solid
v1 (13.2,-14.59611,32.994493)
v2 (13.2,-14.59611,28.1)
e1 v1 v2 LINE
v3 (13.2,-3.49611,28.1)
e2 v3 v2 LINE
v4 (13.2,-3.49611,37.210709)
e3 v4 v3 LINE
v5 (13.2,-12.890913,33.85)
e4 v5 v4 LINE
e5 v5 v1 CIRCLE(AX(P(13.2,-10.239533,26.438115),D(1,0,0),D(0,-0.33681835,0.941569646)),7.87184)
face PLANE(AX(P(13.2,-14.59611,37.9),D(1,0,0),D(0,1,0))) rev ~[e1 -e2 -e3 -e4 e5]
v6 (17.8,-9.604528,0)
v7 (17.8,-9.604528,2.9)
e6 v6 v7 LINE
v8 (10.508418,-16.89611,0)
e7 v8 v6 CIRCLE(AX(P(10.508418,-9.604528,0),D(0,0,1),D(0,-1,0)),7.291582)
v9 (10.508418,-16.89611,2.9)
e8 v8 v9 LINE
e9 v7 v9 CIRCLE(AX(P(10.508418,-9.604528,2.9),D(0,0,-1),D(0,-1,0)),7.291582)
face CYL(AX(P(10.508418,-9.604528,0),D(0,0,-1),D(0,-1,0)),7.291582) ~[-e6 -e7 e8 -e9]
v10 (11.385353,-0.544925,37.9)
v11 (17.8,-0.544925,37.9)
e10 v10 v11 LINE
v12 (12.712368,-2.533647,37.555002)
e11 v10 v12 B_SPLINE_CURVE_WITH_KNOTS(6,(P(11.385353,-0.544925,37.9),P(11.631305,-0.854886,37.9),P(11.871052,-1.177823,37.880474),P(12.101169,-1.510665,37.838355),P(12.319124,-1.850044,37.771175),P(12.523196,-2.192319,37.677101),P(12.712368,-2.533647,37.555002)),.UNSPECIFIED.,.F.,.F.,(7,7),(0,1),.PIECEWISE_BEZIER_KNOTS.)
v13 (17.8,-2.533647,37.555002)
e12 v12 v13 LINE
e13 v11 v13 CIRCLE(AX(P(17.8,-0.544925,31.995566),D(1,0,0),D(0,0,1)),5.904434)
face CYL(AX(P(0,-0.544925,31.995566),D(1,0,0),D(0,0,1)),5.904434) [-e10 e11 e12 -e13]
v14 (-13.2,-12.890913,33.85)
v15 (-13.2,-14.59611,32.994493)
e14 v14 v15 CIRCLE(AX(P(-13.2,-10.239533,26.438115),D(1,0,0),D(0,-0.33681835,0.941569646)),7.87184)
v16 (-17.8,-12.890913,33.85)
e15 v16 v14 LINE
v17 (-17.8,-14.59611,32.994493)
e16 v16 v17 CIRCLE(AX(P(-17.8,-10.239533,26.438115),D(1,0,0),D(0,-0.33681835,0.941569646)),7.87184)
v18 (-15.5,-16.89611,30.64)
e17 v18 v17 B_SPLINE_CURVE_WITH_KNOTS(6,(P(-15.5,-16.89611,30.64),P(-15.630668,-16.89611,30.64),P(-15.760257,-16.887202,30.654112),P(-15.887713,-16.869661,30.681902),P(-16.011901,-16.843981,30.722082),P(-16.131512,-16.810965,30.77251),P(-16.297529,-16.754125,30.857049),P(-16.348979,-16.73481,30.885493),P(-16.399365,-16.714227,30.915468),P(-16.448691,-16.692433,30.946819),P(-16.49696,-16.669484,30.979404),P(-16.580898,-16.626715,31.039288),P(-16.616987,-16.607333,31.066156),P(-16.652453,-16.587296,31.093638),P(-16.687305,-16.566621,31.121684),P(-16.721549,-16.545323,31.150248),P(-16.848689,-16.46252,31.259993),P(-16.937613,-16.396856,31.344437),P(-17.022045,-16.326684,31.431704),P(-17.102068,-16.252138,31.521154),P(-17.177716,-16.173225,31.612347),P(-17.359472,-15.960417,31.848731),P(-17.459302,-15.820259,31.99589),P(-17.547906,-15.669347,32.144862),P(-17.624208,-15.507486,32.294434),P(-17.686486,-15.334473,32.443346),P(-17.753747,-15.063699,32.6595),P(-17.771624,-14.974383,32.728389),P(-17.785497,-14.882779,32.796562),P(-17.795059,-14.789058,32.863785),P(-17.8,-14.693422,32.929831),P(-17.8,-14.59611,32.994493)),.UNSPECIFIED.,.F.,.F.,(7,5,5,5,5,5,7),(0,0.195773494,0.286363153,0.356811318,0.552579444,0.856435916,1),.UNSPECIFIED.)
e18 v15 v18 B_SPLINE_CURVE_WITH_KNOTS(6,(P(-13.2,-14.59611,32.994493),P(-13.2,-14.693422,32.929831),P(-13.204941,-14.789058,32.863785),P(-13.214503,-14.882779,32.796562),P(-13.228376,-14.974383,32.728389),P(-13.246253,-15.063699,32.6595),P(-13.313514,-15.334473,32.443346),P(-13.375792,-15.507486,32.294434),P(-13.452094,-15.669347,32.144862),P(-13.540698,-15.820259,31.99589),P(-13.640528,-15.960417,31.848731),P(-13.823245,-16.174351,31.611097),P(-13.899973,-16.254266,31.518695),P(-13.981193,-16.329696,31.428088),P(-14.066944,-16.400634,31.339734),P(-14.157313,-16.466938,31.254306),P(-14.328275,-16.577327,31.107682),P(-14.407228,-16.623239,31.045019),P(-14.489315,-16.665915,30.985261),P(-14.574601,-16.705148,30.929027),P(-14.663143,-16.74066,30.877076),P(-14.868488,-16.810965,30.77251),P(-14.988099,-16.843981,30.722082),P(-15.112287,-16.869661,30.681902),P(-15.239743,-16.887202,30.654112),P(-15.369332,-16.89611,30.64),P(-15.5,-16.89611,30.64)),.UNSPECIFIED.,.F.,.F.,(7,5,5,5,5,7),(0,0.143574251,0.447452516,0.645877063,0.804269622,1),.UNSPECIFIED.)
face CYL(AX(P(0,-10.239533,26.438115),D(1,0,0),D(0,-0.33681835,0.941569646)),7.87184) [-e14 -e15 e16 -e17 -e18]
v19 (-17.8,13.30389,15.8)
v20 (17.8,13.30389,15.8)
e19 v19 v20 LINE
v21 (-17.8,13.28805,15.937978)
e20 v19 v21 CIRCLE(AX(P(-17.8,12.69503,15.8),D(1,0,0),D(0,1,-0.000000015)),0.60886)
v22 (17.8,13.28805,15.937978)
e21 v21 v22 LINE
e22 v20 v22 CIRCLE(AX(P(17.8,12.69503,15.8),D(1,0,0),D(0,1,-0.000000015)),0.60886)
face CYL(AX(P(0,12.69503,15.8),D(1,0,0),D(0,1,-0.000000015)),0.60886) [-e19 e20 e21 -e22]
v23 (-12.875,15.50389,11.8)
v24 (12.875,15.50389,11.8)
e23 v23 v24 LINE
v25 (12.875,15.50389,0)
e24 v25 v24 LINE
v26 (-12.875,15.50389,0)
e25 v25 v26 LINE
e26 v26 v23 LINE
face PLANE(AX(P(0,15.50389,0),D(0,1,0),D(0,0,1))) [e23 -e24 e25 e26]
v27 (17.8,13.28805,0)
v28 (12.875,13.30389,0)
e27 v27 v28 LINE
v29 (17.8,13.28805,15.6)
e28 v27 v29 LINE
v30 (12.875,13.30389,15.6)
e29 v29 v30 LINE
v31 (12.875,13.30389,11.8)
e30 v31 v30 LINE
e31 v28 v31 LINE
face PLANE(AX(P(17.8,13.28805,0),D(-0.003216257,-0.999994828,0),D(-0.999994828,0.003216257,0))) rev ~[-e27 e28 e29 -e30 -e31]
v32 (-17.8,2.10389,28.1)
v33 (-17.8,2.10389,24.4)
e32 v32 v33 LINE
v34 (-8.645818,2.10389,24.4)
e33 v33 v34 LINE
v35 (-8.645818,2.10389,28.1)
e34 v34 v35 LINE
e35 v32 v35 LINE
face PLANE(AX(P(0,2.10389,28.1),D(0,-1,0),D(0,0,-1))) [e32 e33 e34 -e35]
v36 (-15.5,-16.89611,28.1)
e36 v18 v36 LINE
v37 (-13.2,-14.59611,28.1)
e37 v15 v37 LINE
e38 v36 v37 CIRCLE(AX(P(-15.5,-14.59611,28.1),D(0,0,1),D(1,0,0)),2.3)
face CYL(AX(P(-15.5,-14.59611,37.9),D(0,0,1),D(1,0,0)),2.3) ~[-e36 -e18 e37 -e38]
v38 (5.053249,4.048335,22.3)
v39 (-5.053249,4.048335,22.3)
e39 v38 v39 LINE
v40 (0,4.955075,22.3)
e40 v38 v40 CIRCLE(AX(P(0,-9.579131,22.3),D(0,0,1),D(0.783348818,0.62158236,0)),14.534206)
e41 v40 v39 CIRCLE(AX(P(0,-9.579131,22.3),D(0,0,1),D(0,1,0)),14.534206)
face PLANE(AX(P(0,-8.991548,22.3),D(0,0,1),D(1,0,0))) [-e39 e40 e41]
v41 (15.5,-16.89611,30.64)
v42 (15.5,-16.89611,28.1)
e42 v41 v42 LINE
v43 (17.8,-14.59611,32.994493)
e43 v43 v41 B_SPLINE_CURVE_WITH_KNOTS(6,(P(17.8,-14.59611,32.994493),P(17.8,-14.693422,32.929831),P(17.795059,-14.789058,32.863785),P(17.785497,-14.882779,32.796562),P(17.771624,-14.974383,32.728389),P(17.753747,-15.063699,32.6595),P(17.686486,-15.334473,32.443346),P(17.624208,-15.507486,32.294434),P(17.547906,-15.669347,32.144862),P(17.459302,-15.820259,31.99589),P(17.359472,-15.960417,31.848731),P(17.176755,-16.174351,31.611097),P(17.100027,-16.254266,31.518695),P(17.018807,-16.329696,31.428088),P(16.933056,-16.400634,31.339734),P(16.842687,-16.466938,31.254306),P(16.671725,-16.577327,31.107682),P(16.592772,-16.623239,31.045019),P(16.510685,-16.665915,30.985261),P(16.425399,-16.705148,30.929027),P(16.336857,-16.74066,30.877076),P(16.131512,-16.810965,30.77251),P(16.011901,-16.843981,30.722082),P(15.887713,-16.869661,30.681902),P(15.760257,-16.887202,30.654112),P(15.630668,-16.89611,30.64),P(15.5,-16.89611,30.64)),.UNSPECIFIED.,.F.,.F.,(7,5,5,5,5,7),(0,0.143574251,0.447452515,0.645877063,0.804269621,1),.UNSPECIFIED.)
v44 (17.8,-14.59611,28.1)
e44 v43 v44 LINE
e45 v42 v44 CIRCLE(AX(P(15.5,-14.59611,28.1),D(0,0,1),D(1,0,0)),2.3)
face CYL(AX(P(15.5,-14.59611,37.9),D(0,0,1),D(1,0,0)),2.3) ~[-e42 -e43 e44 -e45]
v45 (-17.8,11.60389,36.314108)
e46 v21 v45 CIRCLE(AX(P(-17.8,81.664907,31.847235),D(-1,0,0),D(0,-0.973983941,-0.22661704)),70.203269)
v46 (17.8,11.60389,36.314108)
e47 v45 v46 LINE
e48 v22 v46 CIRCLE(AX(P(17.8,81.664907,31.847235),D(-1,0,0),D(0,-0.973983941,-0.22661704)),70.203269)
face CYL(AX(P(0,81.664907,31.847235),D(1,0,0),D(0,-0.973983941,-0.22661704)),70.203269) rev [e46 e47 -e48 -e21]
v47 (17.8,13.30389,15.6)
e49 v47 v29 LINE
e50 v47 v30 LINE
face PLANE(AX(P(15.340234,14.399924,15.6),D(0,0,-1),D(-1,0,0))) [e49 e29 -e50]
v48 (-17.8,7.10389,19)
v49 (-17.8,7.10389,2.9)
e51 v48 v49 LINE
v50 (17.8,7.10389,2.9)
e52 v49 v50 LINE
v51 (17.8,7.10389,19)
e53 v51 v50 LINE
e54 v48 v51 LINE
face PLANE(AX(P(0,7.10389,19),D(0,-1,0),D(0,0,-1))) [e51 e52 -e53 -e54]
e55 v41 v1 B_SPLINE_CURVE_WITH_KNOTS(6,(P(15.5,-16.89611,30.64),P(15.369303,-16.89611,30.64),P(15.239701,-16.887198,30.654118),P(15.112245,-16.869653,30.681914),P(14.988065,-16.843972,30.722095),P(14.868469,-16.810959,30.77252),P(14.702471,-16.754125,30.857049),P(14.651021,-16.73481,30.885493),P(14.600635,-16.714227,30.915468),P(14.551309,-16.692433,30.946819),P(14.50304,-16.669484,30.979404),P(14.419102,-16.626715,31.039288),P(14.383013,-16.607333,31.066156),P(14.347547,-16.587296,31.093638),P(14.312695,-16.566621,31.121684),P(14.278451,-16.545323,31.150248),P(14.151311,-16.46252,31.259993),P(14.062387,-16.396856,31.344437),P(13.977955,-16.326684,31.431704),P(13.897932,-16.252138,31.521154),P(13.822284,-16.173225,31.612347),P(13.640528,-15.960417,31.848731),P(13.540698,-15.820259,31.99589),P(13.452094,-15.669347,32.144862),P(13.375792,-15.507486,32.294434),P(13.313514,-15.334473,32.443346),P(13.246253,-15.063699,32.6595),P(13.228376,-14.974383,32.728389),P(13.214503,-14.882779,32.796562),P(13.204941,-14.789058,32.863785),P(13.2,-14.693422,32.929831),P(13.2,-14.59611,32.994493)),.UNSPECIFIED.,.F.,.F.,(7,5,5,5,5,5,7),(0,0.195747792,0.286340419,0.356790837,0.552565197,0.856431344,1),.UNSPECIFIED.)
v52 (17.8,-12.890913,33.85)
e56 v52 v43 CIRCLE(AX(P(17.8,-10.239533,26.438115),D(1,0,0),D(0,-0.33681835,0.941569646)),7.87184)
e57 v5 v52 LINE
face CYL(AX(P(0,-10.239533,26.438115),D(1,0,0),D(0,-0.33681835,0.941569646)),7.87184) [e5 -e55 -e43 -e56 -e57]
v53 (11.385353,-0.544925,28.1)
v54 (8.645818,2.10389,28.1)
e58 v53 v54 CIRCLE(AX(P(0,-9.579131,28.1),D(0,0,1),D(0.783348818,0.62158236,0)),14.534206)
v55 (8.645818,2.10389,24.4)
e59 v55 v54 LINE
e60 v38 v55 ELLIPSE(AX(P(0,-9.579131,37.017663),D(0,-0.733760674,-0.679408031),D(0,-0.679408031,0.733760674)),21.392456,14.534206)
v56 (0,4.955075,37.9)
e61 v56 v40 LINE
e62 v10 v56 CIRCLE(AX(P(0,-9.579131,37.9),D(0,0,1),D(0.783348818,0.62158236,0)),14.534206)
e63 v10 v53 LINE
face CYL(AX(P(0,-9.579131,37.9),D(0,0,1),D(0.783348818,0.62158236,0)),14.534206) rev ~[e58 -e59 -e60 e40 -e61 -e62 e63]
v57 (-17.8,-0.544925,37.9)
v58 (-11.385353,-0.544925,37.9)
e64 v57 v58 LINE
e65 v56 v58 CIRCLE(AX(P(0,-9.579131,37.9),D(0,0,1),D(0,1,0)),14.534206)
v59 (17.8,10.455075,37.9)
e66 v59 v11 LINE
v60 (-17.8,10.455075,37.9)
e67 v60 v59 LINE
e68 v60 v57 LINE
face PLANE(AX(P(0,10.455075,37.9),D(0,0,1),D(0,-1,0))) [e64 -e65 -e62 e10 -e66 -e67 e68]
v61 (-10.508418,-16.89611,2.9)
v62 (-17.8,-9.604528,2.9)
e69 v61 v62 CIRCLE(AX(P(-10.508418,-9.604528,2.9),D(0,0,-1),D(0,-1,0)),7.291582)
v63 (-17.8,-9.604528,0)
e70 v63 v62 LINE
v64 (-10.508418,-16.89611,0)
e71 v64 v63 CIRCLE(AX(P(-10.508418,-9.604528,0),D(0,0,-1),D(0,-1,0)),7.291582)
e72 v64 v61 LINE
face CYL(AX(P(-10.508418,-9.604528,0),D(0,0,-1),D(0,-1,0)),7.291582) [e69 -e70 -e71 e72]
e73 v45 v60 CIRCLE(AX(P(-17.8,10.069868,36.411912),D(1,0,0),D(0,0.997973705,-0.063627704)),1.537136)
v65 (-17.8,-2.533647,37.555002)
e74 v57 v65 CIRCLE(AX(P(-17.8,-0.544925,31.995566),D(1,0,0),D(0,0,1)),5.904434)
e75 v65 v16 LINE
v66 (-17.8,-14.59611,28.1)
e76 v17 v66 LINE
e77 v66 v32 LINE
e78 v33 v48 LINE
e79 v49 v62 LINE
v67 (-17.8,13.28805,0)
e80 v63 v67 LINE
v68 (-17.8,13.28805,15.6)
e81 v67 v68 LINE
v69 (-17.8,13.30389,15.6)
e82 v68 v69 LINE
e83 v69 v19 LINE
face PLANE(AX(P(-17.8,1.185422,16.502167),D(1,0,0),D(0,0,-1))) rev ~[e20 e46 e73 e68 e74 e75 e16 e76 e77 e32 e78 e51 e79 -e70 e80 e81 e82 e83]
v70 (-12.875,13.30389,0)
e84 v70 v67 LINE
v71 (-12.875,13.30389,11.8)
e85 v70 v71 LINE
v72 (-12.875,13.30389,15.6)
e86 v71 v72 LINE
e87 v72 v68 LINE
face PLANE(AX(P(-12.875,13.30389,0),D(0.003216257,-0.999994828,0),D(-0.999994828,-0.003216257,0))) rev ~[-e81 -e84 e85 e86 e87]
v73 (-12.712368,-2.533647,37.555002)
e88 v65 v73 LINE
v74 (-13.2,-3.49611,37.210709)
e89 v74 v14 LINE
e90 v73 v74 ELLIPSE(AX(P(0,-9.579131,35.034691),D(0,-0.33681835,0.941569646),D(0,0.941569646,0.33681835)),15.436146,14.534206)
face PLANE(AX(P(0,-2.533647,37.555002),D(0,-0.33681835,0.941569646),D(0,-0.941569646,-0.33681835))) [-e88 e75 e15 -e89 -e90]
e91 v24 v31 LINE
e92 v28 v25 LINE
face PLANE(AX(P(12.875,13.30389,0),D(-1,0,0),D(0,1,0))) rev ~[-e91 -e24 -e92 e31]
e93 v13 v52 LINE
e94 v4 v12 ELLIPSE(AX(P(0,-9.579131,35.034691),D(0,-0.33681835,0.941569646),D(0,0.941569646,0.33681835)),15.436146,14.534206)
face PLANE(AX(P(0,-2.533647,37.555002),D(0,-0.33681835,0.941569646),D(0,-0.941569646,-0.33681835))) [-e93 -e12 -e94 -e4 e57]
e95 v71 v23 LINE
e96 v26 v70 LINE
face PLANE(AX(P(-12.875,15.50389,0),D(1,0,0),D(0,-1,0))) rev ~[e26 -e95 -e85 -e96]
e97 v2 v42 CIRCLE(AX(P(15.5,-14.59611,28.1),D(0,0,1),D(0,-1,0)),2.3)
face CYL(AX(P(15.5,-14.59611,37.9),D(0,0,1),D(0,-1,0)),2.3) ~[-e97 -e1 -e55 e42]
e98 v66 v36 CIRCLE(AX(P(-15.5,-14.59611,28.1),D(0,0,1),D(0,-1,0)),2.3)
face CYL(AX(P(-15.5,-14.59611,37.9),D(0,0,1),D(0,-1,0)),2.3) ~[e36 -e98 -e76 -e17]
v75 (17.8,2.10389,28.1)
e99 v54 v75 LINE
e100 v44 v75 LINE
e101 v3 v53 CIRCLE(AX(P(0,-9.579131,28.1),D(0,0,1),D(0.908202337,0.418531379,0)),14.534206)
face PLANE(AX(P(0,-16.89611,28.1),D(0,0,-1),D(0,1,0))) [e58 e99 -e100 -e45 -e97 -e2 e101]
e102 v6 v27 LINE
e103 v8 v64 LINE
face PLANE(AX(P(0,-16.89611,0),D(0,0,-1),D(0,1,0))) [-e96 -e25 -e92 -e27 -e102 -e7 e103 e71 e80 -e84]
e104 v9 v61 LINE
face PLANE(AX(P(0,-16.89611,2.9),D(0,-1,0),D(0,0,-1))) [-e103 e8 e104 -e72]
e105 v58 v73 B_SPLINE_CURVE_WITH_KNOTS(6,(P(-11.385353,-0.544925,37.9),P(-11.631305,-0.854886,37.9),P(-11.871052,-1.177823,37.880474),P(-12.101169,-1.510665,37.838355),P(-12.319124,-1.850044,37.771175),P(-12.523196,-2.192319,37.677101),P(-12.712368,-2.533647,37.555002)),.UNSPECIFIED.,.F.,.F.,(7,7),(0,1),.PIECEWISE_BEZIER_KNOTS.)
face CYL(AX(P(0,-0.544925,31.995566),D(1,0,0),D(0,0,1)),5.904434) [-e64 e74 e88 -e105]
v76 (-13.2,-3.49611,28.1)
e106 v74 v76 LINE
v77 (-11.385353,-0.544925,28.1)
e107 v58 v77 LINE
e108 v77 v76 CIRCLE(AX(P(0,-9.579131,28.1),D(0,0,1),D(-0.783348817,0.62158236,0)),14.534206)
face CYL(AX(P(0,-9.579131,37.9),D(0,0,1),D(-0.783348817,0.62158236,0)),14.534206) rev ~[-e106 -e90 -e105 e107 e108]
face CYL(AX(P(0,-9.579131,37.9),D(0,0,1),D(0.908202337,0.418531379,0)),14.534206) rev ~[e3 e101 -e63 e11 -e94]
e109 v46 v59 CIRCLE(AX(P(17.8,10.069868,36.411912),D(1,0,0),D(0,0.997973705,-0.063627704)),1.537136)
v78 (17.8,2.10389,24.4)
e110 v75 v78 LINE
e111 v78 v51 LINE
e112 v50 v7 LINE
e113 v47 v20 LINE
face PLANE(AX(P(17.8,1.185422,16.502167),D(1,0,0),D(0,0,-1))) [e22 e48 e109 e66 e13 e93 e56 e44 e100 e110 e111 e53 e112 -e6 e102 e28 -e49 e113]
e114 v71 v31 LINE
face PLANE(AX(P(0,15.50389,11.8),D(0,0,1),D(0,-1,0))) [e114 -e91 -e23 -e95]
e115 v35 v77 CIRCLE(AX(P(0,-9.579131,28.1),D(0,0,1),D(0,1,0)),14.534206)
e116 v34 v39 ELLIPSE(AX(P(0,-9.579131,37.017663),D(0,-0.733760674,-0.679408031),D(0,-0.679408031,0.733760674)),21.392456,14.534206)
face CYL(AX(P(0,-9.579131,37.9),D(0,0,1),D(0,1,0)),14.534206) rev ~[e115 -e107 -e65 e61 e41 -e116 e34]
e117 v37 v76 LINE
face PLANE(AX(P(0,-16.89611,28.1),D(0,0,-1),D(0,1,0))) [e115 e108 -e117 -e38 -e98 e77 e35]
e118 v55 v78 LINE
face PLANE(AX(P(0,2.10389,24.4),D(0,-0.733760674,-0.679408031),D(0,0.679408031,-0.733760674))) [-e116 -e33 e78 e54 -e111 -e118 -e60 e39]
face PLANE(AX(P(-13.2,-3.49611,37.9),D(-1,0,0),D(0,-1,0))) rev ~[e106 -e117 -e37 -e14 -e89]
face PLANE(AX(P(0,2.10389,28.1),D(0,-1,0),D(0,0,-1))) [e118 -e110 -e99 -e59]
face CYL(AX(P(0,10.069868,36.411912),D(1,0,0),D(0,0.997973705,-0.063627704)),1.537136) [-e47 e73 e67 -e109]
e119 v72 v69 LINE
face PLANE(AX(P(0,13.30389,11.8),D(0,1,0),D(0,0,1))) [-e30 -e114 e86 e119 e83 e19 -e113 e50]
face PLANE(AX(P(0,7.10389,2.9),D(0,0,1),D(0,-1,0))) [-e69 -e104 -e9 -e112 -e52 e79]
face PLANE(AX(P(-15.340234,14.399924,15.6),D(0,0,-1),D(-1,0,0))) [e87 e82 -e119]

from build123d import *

# Parameters (mm, degrees)
BOSS_EXTRUDE2_DEPTH = 17.8
CUT_EXTRUDE1_DEPTH  = 15.6
CUT_EXTRUDE2_DEPTH  = 15.6


with BuildPart() as part:
    # Sketch2 → Boss-Extrude2 (new, symmetric)
    with BuildSketch(Plane(origin=(0, 0, 0), x_dir=(0, 0, -1), z_dir=(1, 0, 0))):
        with BuildLine():
            Line((0, 15.50389008), (-11.8, 15.50389008))
            Line((-11.8, 15.50389008), (-11.8, 13.30389008))
            Line((-11.8, 13.30389008), (-15.8, 13.30389008))
            ThreePointArc((-15.8, 13.30389008), (-15.869442202, 13.299917081), (-15.937978141, 13.288049932))
            ThreePointArc((-15.937978141, 13.288049932), (-26.064403897, 11.700216575), (-36.314108018, 11.60389008))
            ThreePointArc((-36.314108018, 11.60389008), (-37.313669561, 11.31470673), (-37.9, 10.455074886))
            Line((-37.9, 10.455074886), (-37.9, -0.544925114))
            ThreePointArc((-37.9, -0.544925114), (-37.813111141, -1.55413735), (-37.555001853, -2.533646721))
            Line((-37.555001853, -2.533646721), (-33.85, -12.890912831))
            ThreePointArc((-33.85, -12.890912831), (-32.58061565, -15.162493454), (-30.64, -16.89610992))
            Line((-30.64, -16.89610992), (-28.1, -16.89610992))
            Line((-28.1, -16.89610992), (-28.1, 2.10389008))
            Line((-28.1, 2.10389008), (-24.4, 2.10389008))
            Line((-24.4, 2.10389008), (-19, 7.10389008))
            Line((-19, 7.10389008), (-2.9, 7.10389008))
            Line((-2.9, 7.10389008), (-2.9, -16.89610992))
            Line((-2.9, -16.89610992), (0, -16.89610992))
            Line((0, -16.89610992), (0, 15.50389008))
        make_face()
    extrude(amount=BOSS_EXTRUDE2_DEPTH, both=True)

    # Sketch3 → Cut-Extrude1 (cut)
    with BuildSketch(Plane.XY.offset(37.9)):
        with BuildLine():
            Line((-13.2, -14.59610992), (-13.2, -16.89610992))
            Line((-13.2, -16.89610992), (13.2, -16.89610992))
            Line((13.2, -16.89610992), (13.2, -14.59610992))
            Line((13.2, -14.59610992), (13.2, -3.49610992))
            ThreePointArc((13.2, -3.49610992), (12.380923678, -1.966255492), (11.385353215, -0.544925114))
            Line((11.385353215, -0.544925114), (-11.385353215, -0.544925114))
            ThreePointArc((-11.385353215, -0.544925114), (-12.380923678, -1.966255492), (-13.2, -3.49610992))
            Line((-13.2, -3.49610992), (-13.2, -14.59610992))
        make_face()
        with BuildLine():
            ThreePointArc((0, 4.955074886), (-6.322109375, 3.508041139), (-11.385353215, -0.544925114))
            Line((-11.385353215, -0.544925114), (11.385353215, -0.544925114))
            ThreePointArc((11.385353215, -0.544925114), (6.322109375, 3.508041139), (0, 4.955074886))
        make_face()
        with BuildLine():
            Line((-15.5, -16.89610992), (-13.2, -16.89610992))
            Line((-13.2, -16.89610992), (-13.2, -14.59610992))
            ThreePointArc((-13.2, -14.59610992), (-13.873654403, -16.222455516), (-15.5, -16.89610992))
        make_face()
        with BuildLine():
            Line((-17.8, -16.89610992), (-15.5, -16.89610992))
            ThreePointArc((-15.5, -16.89610992), (-17.126345597, -16.222455516), (-17.8, -14.59610992))
            Line((-17.8, -14.59610992), (-17.8, -16.89610992))
        make_face()
        with BuildLine():
            Line((13.2, -14.59610992), (13.2, -16.89610992))
            Line((13.2, -16.89610992), (15.5, -16.89610992))
            ThreePointArc((15.5, -16.89610992), (13.873654403, -16.222455516), (13.2, -14.59610992))
        make_face()
        with BuildLine():
            ThreePointArc((17.8, -14.59610992), (17.126345597, -16.222455516), (15.5, -16.89610992))
            Line((15.5, -16.89610992), (17.8, -16.89610992))
            Line((17.8, -16.89610992), (17.8, -14.59610992))
        make_face()
    extrude(amount=-CUT_EXTRUDE1_DEPTH, mode=Mode.SUBTRACT)

    # Sketch4 → Cut-Extrude2 (cut)
    with BuildSketch(Plane.XY):
        Polygon((-12.875, 15.50389008), (-12.875, 13.30389008), (-17.8, 13.288049932), (-17.8, 15.50389008), align=None)
        Polygon((12.875, 15.50389008), (17.8, 15.50389008), (17.8, 13.288049932), (12.875, 13.30389008), align=None)
        with BuildLine():
            Line((17.8, -9.604528344), (17.8, -16.89610992))
            Line((17.8, -16.89610992), (10.508418424, -16.89610992))
            ThreePointArc((10.508418424, -16.89610992), (15.664345202, -14.760455122), (17.8, -9.604528344))
        make_face()
        with BuildLine():
            Line((-17.8, -9.604528344), (-17.8, -16.89610992))
            Line((-17.8, -16.89610992), (-10.508418424, -16.89610992))
            ThreePointArc((-10.508418424, -16.89610992), (-15.664345202, -14.760455122), (-17.8, -9.604528344))
        make_face()
    extrude(amount=CUT_EXTRUDE2_DEPTH, mode=Mode.SUBTRACT)


solid = part.part
